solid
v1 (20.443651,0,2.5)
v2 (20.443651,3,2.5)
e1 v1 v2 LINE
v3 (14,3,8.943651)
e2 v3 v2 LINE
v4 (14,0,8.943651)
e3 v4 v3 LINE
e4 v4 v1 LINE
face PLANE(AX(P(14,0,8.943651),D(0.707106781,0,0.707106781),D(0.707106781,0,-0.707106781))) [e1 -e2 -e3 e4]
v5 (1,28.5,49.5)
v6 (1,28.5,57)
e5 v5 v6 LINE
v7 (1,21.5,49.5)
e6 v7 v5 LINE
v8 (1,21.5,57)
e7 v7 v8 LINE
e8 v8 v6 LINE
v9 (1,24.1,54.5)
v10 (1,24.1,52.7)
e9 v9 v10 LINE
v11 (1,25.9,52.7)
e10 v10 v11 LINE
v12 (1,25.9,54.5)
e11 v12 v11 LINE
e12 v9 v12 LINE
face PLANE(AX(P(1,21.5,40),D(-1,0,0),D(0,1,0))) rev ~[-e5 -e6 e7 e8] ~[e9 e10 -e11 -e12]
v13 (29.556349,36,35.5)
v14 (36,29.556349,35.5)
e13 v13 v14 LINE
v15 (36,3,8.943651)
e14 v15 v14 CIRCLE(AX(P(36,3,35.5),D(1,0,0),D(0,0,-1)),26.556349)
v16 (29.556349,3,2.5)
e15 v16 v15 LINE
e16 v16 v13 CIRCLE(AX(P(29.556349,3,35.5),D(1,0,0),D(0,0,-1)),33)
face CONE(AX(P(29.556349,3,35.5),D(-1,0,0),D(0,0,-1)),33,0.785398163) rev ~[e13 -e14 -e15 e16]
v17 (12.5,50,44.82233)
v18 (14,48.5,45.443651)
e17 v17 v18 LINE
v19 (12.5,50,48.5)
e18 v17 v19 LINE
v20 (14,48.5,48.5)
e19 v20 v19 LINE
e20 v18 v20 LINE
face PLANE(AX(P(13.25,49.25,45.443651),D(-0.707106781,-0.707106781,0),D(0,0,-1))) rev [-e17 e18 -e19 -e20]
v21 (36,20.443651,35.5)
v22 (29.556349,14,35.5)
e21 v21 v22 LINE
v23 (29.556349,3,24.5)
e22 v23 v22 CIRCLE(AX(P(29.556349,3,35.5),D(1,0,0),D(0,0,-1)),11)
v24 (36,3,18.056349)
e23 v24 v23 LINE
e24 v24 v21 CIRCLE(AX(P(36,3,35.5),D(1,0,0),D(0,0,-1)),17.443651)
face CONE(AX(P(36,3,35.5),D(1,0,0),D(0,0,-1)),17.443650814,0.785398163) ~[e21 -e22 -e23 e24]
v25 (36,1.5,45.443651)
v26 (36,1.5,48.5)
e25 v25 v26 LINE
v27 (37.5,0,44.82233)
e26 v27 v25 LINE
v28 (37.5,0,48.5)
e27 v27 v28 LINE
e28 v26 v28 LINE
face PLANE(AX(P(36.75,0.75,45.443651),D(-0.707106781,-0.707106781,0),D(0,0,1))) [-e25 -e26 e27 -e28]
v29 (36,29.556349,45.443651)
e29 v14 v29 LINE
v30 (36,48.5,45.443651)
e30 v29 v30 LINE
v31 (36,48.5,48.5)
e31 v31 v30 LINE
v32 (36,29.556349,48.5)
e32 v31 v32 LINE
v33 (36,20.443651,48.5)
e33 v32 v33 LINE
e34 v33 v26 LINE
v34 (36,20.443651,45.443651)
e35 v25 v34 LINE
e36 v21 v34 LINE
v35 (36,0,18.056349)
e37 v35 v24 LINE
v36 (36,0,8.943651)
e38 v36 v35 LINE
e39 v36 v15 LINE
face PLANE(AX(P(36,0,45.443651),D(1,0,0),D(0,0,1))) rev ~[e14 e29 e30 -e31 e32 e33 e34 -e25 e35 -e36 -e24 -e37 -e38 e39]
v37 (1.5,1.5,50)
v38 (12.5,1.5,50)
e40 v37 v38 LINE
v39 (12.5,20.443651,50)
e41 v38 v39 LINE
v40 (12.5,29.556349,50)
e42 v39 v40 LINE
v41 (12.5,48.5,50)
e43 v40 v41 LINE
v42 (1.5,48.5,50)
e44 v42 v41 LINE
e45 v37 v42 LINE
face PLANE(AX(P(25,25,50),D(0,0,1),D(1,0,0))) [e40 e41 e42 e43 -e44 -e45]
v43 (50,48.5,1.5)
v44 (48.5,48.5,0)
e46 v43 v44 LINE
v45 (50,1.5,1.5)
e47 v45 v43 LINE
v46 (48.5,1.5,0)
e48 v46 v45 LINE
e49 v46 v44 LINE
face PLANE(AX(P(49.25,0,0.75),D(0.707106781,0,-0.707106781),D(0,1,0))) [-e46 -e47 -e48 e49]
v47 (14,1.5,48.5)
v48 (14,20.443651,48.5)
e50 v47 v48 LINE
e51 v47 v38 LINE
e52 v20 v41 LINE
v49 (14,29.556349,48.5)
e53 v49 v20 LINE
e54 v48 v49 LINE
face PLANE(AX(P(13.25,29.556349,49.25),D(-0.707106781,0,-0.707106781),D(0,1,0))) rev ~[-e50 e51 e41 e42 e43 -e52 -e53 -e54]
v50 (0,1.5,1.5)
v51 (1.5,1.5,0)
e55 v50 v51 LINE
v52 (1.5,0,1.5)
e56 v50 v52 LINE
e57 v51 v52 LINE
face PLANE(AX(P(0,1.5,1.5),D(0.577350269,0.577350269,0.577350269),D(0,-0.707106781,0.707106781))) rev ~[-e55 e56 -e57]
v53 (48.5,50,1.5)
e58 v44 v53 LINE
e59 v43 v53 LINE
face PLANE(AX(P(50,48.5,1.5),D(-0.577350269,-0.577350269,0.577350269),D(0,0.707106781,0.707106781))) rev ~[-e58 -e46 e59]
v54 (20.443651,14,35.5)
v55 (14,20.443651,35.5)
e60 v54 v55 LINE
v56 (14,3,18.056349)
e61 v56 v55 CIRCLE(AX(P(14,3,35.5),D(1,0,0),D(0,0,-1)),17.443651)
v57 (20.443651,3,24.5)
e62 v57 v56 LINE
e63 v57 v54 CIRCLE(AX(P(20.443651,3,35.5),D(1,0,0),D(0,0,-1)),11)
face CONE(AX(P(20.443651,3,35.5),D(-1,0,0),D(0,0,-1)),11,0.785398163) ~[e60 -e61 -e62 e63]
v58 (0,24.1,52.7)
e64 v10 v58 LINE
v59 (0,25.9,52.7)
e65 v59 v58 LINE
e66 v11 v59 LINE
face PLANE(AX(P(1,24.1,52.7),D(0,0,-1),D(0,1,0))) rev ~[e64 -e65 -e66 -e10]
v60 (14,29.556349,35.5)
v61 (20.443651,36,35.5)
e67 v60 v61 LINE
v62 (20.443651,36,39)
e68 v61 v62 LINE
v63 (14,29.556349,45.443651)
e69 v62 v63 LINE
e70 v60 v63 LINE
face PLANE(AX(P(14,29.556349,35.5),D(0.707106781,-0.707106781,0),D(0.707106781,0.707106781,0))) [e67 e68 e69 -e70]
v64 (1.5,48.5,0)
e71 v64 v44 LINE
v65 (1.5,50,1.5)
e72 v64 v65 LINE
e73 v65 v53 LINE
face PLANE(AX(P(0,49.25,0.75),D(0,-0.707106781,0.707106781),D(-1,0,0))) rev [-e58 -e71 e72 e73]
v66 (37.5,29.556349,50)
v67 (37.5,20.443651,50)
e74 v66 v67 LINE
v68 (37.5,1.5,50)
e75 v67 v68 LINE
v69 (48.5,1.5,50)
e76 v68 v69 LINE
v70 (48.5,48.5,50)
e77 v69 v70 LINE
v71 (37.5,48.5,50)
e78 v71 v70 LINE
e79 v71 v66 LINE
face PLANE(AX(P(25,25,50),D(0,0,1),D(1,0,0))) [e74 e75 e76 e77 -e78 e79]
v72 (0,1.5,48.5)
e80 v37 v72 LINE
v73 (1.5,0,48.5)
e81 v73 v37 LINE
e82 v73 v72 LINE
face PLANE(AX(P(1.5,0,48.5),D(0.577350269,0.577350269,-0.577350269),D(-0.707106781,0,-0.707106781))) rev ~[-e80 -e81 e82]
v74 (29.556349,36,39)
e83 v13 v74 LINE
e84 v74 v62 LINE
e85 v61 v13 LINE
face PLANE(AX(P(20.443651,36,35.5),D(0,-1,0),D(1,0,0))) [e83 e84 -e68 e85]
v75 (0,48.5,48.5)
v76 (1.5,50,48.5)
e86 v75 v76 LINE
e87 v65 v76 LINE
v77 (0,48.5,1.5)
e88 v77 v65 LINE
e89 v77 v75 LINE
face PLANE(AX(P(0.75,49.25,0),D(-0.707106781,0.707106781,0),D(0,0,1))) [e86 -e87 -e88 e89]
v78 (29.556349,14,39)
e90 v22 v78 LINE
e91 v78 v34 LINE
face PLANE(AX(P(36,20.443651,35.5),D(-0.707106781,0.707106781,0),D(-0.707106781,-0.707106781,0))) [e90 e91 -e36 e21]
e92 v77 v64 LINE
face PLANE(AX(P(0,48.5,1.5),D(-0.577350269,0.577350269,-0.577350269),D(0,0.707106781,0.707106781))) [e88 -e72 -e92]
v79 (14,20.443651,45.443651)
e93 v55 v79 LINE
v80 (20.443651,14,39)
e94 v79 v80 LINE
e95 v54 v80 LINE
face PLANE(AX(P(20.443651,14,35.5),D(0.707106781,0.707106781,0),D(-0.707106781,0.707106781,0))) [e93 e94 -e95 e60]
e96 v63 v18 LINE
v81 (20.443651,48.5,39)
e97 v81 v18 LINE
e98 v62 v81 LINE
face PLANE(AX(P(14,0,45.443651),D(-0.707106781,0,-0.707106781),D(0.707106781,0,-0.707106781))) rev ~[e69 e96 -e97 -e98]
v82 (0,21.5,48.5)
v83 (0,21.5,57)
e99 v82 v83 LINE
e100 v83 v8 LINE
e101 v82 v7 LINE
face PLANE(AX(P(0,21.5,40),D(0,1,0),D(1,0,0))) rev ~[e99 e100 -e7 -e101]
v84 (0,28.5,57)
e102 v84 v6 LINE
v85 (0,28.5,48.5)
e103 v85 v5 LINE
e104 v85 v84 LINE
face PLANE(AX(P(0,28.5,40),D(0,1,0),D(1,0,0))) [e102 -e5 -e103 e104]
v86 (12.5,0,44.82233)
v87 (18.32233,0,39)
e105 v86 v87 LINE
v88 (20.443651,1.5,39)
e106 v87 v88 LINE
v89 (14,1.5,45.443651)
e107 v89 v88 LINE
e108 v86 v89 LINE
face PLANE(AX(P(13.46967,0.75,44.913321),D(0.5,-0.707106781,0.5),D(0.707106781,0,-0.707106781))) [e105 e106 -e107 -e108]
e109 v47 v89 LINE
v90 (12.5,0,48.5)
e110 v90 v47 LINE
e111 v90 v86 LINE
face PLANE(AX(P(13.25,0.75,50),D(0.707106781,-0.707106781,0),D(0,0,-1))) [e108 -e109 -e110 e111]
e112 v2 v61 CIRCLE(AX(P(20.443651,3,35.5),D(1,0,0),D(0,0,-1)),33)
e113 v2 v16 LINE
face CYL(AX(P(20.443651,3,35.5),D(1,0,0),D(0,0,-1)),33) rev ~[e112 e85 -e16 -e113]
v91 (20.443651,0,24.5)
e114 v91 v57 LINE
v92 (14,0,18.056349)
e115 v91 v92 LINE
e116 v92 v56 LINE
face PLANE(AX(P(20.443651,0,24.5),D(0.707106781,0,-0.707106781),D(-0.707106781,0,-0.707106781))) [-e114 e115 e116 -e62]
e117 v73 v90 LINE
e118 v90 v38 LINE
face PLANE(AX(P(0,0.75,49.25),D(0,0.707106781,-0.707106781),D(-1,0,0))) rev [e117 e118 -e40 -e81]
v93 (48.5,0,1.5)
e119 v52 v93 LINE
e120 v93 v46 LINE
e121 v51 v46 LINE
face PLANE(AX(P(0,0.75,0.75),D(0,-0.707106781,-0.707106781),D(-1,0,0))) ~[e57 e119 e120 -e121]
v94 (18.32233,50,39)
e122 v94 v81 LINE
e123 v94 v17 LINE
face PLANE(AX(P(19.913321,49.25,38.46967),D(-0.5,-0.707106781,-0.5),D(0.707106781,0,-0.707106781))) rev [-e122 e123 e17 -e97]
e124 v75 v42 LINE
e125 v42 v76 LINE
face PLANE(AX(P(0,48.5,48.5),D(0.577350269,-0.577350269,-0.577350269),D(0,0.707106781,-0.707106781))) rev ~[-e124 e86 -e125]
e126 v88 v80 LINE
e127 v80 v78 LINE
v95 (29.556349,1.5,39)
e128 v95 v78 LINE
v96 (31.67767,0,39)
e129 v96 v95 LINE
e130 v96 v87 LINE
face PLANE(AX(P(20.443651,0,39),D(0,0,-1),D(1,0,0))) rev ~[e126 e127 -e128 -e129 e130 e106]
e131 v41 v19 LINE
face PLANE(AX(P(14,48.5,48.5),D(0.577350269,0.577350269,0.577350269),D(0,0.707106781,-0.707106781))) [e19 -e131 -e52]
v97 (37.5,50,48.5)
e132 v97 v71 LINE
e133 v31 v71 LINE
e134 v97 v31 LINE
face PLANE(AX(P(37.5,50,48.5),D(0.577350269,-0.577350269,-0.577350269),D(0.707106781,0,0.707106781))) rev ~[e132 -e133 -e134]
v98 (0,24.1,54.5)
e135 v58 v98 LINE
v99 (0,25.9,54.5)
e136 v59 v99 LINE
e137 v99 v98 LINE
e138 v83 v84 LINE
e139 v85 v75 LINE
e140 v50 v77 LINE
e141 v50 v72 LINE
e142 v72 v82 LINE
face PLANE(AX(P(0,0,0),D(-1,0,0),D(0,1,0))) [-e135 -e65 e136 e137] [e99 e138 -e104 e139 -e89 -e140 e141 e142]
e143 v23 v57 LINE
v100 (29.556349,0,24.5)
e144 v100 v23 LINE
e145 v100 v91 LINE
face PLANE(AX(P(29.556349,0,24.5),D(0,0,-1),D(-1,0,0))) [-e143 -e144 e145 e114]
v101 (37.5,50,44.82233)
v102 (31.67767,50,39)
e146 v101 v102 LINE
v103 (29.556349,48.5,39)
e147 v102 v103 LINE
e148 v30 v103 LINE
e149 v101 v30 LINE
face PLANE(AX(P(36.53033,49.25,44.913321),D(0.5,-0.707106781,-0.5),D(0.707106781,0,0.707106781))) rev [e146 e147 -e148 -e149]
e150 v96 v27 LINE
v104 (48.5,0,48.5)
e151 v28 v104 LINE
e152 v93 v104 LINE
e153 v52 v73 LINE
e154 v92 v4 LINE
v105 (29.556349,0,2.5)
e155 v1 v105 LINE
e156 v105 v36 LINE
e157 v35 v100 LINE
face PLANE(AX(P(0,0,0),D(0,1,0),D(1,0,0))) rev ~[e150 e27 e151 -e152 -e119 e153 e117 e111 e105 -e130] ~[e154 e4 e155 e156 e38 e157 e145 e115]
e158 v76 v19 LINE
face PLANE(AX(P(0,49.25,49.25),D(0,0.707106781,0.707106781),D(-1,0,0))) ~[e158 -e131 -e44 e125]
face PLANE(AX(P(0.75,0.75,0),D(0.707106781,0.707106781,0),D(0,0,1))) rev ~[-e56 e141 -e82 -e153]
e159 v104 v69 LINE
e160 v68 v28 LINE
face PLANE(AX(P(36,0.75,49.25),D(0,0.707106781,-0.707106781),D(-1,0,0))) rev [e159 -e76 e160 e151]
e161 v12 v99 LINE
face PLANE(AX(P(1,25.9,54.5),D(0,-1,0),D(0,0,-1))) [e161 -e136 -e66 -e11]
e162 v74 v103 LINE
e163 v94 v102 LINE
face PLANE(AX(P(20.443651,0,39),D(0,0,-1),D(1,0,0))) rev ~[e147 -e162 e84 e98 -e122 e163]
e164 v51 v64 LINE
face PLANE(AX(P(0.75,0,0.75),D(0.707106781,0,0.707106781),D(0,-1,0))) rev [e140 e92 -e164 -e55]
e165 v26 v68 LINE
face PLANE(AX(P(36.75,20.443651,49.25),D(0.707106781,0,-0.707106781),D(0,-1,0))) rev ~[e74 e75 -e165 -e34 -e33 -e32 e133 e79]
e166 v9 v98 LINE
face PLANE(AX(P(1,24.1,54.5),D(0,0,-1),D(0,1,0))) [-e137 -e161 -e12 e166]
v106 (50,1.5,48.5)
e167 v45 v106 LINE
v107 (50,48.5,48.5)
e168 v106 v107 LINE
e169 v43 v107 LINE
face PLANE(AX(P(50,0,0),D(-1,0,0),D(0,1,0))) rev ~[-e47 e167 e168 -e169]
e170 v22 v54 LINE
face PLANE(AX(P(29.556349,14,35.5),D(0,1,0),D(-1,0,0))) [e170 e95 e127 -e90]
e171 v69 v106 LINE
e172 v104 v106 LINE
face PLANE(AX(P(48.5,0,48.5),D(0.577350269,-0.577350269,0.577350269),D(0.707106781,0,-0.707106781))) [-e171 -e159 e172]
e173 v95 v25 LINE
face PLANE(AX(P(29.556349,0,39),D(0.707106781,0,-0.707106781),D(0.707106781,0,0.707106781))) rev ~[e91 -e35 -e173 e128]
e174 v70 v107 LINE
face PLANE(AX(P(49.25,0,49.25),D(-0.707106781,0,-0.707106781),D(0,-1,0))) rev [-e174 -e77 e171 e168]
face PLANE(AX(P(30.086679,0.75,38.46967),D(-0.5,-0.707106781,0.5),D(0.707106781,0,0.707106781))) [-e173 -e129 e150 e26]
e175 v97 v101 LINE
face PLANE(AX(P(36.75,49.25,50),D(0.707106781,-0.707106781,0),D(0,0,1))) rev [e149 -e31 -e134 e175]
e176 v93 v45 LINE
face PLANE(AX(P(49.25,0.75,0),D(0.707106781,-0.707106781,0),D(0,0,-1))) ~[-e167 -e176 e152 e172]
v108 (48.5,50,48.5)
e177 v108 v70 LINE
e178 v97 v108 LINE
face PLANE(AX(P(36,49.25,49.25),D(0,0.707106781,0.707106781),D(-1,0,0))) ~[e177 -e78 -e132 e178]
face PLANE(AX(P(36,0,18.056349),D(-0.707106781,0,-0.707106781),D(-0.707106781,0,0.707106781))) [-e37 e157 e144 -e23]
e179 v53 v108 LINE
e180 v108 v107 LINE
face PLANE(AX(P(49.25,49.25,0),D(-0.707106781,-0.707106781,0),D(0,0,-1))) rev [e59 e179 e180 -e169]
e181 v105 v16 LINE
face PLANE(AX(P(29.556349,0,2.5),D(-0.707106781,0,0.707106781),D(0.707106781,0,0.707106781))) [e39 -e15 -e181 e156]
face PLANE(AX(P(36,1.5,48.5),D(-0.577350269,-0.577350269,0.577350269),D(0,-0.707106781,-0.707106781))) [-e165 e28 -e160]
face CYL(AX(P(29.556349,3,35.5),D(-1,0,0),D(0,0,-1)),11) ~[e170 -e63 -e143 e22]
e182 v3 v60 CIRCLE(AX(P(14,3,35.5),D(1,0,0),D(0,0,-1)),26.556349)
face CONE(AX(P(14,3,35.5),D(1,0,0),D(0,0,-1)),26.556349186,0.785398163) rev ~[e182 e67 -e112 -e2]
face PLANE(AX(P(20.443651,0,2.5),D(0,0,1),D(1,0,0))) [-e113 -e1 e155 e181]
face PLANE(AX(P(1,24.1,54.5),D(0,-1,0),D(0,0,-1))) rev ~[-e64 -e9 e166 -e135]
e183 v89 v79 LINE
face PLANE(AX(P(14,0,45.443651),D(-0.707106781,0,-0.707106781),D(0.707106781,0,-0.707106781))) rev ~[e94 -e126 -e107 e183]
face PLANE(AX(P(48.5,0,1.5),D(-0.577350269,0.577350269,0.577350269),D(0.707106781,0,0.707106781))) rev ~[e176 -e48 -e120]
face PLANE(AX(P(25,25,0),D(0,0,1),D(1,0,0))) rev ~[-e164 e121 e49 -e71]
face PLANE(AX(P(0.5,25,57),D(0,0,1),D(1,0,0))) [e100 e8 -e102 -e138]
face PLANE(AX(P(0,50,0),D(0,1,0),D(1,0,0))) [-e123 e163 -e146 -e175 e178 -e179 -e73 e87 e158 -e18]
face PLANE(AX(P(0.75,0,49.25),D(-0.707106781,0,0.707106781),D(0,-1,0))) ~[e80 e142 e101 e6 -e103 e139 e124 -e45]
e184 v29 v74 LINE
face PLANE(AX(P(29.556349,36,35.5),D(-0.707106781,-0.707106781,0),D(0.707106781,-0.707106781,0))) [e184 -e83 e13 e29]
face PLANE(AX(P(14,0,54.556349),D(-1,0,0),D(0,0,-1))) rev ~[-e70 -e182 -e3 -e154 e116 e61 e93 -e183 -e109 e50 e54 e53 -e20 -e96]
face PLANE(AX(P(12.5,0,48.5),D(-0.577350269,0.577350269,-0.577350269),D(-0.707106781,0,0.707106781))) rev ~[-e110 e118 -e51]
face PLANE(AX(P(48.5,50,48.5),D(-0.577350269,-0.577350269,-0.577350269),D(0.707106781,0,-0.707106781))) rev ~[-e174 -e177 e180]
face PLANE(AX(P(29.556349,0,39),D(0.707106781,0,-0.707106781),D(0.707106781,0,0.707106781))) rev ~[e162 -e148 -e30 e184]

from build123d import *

# Parameters (mm, degrees)
SKETCH1_W                = 50
SKETCH1_H                = 50
BOSS_EXTRUDE1_DEPTH      = 50
CUT_EXTRUDE1_DEPTH       = 87.602540378
CHAMFER1_SIZE            = 1.5
BOSS_EXTRUDE2_DEPTH      = 7
BOSS_EXTRUDE2_DEPTH_BACK = 10
SKETCH5_W                = 1
SKETCH5_H                = 7
SKETCH6_W                = 1.8
SKETCH6_H                = 1.8
CUT_EXTRUDE2_DEPTH       = 7


with BuildPart() as part:
    # Sketch1 → Boss-Extrude1 (new body)
    with BuildSketch(Plane.XY):
        with Locations((25, 25)):
            Rectangle(SKETCH1_W, SKETCH1_H)
    extrude(amount=BOSS_EXTRUDE1_DEPTH)

    # Sketch2 → Cut-Extrude1 (cut, through all)
    with BuildSketch(Plane.XZ):
        Polygon((36, 45.443650814), (36, 54.556349186), (29.556349186, 61), (20.443650814, 61), (14, 54.556349186), (14, 45.443650814), (20.443650814, 39), (29.556349186, 39), align=None)
    extrude(amount=-CUT_EXTRUDE1_DEPTH, mode=Mode.SUBTRACT)

    # Cut-Sweep1: sweep along a path in Sketch4
    with BuildLine(Plane(origin=(25, 0, 0), x_dir=(0, 0, -1), z_dir=(1, 0, 0))) as cut_sweep1_path:
        Line((-13.5, 0), (-13.5, 3))
        ThreePointArc((-13.5, 3), (-19.943650814, 18.556349186), (-35.5, 25))
        Line((-35.5, 25), (-50, 25))
    # Sketch3 → Cut-Sweep1 (sweep, cut)
    with BuildSketch(Plane.XZ):
        Polygon((29.556349186, 24.5), (20.443650814, 24.5), (14, 18.056349186), (14, 8.943650814), (20.443650814, 2.5), (29.556349186, 2.5), (36, 8.943650814), (36, 18.056349186), align=None)
    sweep(path=cut_sweep1_path.line, mode=Mode.SUBTRACT)

    # Chamfer1
    chamfer1_edges = [part.edges().sort_by_distance(p)[0] for p in [
        (50, 25, 50),
        (43, 0, 50),
        (7, 50, 50),
        (36, 25, 50),
        (14, 25, 50),
        (14, 50, 47.721825407),
        (36, 50, 47.721825407),
        (36, 0, 47.721825407),
        (43, 50, 50),
        (14, 0, 47.721825407),
        (17.221825407, 0, 42.221825407),
        (32.778174593, 0, 42.221825407),
        (32.778174593, 50, 42.221825407),
        (17.221825407, 50, 42.221825407),
        (0, 25, 50),
        (25, 50, 0),
        (50, 25, 0),
        (25, 0, 0),
        (0, 25, 0),
        (7, 0, 50),
        (0, 50, 25),
        (50, 50, 25),
        (50, 0, 25),
        (0, 0, 25),
    ]]
    chamfer(chamfer1_edges, length=CHAMFER1_SIZE)

    # Sketch5 → Boss-Extrude2 (add, two sides: drawn at the far end of the back side and taken through both)
    with BuildSketch(Plane.XY.offset(50).offset(-BOSS_EXTRUDE2_DEPTH_BACK)):
        with Locations((0.5, 25)):
            Rectangle(SKETCH5_W, SKETCH5_H)
    extrude(amount=BOSS_EXTRUDE2_DEPTH + BOSS_EXTRUDE2_DEPTH_BACK)

    # Sketch6 → Cut-Extrude2 (cut)
    with BuildSketch(Plane(origin=(1, 0, 0), x_dir=(0, 0, -1), z_dir=(1, 0, 0))):
        with Locations((-53.6, 25)):
            Rectangle(SKETCH6_W, SKETCH6_H)
    extrude(amount=-CUT_EXTRUDE2_DEPTH, mode=Mode.SUBTRACT)


solid = part.part
